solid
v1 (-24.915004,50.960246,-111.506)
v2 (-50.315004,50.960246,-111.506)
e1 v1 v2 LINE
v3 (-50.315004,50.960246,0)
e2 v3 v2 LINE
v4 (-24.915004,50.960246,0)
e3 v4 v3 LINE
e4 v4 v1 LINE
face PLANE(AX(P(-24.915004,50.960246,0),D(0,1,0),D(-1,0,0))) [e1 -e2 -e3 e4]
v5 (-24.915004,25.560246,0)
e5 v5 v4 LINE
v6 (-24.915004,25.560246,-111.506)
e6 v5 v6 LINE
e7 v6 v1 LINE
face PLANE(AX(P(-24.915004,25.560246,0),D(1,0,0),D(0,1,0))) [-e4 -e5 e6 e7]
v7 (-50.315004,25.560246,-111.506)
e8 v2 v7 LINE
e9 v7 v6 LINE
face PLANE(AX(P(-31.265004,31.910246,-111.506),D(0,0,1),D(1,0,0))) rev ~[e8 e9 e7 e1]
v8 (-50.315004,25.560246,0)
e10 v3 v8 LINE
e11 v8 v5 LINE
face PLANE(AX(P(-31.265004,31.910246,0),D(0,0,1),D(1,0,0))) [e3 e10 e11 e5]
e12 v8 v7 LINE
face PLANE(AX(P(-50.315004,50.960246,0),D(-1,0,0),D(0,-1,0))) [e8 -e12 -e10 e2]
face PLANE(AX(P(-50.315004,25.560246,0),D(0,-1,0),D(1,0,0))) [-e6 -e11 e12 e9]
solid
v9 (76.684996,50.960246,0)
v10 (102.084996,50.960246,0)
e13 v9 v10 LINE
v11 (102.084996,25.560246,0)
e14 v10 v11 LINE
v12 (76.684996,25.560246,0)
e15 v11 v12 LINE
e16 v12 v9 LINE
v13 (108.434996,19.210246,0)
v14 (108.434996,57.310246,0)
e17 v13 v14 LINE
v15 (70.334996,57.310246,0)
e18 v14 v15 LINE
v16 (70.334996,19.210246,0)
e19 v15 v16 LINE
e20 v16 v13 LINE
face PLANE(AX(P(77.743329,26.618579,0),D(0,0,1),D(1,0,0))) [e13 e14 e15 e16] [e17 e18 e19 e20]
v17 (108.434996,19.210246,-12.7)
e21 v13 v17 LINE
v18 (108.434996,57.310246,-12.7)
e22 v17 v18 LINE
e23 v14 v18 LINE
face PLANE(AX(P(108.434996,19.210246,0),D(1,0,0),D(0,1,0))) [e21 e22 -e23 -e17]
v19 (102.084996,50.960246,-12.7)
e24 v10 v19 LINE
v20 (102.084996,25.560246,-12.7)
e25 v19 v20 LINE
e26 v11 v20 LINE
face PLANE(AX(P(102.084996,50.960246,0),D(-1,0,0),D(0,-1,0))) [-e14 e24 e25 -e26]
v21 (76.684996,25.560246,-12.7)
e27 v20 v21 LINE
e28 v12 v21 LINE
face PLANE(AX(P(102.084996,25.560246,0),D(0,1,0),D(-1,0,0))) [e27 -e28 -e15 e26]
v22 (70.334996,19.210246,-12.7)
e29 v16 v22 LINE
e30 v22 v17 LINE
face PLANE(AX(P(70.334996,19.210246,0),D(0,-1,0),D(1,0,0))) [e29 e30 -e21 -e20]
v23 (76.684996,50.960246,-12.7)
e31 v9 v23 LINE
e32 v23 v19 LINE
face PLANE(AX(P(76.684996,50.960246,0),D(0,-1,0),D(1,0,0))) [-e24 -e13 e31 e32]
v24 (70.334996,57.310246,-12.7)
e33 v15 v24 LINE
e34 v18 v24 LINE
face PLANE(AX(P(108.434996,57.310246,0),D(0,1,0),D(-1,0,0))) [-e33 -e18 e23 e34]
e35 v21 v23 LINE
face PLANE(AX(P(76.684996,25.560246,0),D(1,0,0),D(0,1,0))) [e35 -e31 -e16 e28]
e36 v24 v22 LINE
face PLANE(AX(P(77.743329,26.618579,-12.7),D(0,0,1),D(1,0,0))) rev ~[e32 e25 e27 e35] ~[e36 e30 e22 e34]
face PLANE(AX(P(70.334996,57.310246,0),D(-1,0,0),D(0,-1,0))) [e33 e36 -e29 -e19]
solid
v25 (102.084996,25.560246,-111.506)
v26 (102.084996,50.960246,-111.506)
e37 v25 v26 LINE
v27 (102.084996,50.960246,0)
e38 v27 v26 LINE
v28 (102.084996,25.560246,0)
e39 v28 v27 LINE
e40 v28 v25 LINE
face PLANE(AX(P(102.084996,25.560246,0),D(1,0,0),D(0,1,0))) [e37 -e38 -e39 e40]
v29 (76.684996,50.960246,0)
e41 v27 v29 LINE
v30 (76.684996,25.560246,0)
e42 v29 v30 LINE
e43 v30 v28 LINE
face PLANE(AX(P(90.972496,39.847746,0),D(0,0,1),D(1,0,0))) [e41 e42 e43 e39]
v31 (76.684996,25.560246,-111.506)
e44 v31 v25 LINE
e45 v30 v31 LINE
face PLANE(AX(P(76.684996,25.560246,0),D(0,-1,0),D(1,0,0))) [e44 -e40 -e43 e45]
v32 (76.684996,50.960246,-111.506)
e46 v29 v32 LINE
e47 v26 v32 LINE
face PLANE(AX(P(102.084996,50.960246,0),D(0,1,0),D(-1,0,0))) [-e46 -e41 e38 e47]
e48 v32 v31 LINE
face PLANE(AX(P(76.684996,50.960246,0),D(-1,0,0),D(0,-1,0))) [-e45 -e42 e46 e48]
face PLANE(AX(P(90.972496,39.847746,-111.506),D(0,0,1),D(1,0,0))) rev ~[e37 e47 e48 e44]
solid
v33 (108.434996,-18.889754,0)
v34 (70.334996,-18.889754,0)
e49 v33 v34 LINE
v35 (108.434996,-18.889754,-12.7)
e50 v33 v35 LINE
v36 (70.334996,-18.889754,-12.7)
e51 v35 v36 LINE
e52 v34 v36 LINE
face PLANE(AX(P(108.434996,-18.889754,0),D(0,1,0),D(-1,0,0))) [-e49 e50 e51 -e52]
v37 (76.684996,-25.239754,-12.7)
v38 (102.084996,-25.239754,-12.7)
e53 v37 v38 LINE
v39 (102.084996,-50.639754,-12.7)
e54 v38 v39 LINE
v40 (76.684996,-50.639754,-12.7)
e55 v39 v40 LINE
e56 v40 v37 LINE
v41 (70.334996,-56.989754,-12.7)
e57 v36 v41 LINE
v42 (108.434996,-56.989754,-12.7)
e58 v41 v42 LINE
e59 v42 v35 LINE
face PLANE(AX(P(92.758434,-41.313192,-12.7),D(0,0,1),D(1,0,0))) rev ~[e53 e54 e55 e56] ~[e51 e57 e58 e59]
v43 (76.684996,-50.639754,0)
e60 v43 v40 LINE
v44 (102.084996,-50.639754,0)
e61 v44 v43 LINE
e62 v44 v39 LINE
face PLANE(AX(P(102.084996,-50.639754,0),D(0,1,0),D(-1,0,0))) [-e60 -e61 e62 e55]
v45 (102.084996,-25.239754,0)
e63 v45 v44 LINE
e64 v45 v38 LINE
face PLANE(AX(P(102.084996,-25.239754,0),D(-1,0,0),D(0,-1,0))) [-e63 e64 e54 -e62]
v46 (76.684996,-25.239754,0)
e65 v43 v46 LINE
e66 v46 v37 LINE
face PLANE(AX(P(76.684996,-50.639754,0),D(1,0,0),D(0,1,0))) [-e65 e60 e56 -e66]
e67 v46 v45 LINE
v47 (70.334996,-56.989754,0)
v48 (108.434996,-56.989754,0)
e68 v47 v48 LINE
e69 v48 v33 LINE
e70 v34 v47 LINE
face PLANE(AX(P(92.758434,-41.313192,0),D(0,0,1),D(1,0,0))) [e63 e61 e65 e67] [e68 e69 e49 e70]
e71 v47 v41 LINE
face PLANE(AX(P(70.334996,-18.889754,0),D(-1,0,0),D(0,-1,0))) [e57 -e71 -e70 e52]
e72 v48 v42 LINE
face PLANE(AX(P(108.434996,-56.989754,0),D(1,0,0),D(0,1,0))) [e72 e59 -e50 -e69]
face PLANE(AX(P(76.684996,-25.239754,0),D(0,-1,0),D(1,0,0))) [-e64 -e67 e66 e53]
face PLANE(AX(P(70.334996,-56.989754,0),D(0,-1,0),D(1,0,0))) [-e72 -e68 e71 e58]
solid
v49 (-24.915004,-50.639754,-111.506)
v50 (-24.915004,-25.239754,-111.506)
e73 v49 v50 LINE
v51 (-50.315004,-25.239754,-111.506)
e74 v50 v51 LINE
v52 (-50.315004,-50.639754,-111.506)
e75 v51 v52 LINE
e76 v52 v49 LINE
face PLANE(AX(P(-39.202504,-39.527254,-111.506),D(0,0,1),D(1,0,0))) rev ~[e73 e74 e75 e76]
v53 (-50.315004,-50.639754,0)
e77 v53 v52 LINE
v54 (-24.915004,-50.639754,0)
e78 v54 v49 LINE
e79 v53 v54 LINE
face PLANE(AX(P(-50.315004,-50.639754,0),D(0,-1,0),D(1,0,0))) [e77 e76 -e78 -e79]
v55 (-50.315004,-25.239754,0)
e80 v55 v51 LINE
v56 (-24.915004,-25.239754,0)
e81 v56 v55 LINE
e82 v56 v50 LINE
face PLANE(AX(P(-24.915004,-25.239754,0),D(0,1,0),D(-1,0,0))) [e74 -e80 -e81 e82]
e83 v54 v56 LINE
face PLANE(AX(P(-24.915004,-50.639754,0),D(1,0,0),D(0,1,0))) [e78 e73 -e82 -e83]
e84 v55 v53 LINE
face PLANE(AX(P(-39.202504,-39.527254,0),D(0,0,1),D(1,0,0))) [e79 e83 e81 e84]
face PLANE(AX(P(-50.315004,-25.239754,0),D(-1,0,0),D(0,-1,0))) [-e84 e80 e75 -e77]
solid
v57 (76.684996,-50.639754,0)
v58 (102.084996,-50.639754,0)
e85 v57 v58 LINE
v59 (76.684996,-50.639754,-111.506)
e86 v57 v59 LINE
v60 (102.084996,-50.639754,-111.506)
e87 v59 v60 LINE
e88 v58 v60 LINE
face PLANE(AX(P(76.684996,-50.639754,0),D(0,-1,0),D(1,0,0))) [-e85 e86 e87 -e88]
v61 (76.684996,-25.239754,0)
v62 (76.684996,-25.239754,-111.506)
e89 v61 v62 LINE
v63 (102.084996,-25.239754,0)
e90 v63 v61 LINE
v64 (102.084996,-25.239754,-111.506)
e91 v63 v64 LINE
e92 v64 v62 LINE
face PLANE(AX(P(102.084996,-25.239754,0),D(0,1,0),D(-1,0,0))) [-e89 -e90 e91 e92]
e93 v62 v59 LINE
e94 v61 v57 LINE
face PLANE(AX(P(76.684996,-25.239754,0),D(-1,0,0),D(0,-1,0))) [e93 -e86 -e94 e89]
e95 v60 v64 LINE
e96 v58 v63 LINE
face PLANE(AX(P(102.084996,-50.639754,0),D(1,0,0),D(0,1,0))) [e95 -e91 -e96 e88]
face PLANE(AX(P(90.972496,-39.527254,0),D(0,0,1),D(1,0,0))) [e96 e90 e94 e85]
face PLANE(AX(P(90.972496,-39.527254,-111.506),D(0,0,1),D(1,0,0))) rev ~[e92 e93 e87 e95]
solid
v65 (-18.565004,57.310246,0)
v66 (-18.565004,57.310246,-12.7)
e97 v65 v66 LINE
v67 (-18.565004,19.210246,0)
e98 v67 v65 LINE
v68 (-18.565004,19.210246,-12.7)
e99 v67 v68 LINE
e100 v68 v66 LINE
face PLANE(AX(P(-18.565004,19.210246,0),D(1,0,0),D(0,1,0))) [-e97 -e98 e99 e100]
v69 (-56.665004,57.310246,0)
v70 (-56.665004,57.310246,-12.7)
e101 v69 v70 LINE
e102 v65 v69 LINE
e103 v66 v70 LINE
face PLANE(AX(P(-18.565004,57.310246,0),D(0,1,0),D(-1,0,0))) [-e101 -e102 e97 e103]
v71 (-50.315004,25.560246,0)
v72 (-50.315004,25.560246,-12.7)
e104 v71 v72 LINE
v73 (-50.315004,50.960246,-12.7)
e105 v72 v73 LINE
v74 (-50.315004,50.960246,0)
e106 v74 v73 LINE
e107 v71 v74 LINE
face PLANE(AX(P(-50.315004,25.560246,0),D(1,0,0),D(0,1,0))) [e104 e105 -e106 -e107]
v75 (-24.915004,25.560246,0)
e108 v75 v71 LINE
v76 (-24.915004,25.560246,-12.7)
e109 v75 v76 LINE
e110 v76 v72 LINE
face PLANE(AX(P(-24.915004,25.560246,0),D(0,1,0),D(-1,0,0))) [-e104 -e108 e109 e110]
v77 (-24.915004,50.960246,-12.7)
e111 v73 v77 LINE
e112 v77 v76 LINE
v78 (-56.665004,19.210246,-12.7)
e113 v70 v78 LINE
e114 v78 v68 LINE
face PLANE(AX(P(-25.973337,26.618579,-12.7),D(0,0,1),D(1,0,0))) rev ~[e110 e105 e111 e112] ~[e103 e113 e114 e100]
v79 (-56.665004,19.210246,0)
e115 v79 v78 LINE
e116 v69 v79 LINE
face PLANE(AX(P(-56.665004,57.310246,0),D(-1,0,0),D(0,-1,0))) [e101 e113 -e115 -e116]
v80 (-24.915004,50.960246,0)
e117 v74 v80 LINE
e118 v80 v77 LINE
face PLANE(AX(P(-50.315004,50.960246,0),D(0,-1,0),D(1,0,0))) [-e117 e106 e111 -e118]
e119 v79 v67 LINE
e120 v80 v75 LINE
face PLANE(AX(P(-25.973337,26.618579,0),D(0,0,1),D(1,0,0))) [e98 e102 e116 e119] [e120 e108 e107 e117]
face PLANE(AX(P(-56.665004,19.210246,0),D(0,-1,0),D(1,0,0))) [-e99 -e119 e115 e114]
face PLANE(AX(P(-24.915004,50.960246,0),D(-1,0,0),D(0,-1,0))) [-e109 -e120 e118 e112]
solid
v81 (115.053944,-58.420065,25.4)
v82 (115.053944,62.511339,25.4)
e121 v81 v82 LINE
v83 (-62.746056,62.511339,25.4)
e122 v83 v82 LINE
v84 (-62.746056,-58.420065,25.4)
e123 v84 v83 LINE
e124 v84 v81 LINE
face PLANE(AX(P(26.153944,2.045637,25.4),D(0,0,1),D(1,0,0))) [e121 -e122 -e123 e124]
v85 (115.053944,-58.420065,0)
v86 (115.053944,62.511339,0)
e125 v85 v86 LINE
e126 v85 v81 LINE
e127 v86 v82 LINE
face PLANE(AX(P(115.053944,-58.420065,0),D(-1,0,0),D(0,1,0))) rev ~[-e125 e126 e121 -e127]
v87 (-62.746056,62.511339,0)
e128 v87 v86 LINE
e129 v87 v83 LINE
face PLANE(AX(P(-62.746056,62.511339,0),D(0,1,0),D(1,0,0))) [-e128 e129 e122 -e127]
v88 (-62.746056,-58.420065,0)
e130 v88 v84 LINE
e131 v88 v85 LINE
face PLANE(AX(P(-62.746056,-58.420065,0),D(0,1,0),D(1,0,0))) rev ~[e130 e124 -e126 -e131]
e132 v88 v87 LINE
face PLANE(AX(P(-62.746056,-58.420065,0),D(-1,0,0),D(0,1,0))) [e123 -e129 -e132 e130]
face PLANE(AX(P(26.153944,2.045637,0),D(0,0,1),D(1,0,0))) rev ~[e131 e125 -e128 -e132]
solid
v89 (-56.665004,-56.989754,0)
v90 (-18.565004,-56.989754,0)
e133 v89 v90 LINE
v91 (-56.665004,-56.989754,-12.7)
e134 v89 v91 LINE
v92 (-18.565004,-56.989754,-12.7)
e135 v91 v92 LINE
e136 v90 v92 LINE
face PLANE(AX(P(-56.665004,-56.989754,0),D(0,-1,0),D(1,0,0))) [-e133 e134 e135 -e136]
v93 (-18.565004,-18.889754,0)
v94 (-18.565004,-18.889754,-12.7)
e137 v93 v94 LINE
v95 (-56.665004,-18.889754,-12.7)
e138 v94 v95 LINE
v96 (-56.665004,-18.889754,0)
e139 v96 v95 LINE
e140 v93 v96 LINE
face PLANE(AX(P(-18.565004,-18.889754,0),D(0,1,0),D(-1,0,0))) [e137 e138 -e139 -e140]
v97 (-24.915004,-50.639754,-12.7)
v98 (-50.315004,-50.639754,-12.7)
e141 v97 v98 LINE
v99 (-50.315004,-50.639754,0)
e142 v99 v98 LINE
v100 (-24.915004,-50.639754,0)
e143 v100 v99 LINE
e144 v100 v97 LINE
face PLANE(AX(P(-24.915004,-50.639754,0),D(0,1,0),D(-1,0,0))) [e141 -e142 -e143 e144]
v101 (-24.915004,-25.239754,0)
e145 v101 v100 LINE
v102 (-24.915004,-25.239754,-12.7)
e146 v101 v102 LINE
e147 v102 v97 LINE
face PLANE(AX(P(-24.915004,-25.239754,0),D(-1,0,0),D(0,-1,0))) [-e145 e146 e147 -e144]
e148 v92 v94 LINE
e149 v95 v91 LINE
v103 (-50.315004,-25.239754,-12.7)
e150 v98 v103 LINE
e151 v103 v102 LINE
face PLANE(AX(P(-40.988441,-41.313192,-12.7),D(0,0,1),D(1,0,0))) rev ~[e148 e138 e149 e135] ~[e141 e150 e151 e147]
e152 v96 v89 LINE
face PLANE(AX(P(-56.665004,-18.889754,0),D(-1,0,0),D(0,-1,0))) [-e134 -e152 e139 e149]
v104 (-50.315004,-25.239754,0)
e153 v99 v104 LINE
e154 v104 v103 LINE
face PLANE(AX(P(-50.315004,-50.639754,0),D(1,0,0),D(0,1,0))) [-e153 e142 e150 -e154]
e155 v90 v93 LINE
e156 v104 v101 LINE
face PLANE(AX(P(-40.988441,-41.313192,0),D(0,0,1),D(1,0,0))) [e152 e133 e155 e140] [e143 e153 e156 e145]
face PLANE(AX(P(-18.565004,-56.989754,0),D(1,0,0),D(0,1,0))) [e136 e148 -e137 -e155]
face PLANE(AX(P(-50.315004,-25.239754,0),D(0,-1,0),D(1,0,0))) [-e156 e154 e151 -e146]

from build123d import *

# Parameters (mm, degrees)
F0_W     = 12.7
F0_H     = 12.7
F1_DEPTH = 111.506
F2_W     = 177.8
F2_H     = 120.9314045732
F3_DEPTH = 25.4
F4_DEPTH = 12.7


with BuildPart() as f1:
    # F0 (on Top) → F1 (new body)
    with BuildSketch(Plane.XY):
        Polygon((76.6849960148, 50.960245767), (76.6849960148, 38.260245767), (89.3849960148, 38.260245767), (89.3849960148, 25.560245767), (102.0849960148, 25.560245767), (102.0849960148, 50.960245767), align=None)
        with Locations((83.0349960148, 31.910245767)):
            Rectangle(F0_W, F0_H)
    extrude(amount=-F1_DEPTH)


with BuildPart() as f1b:
    # F0 (on Top) → F1, piece 2 (new body)
    with BuildSketch(Plane.XY):
        Polygon((-37.6150039852, -37.939754233), (-37.6150039852, -25.239754233), (-50.3150039852, -25.239754233), (-50.3150039852, -50.639754233), (-24.9150039852, -50.639754233), (-24.9150039852, -37.939754233), align=None)
        with Locations((-31.2650039852, -31.589754233)):
            Rectangle(F0_W, F0_H)
    extrude(amount=-F1_DEPTH)


with BuildPart() as f1c:
    # F0 (on Top) → F1, piece 3 (new body)
    with BuildSketch(Plane.XY):
        Polygon((102.0849960148, -25.239754233), (89.3849960148, -25.239754233), (89.3849960148, -37.939754233), (76.6849960148, -37.939754233), (76.6849960148, -50.639754233), (102.0849960148, -50.639754233), align=None)
        with Locations((83.0349960148, -31.589754233)):
            Rectangle(F0_W, F0_H)
    extrude(amount=-F1_DEPTH)


with BuildPart() as f1d:
    # F0 (on Top) → F1, piece 4 (new body)
    with BuildSketch(Plane.XY):
        with Locations((-31.2650039852, 31.910245767)):
            Rectangle(F0_W, F0_H)
        Polygon((-24.9150039852, 38.260245767), (-24.9150039852, 50.960245767), (-50.3150039852, 50.960245767), (-50.3150039852, 25.560245767), (-37.6150039852, 25.560245767), (-37.6150039852, 38.260245767), align=None)
    extrude(amount=-F1_DEPTH)


with BuildPart() as f3:
    # F2 (on Top) → F3 (new body)
    with BuildSketch(Plane.XY):
        with Locations((26.1539444327, 2.0456369966)):
            Rectangle(F2_W, F2_H)
    extrude(amount=F3_DEPTH)


with BuildPart() as f4:
    # F0 (on Top) → F4 (new body)
    with BuildSketch(Plane.XY):
        Polygon((-37.6150039852, -25.239754233), (-37.6150039852, -18.889754233), (-56.6650039852, -18.889754233), (-56.6650039852, -56.989754233), (-18.5650039852, -56.989754233), (-18.5650039852, -37.939754233), (-24.9150039852, -37.939754233), (-24.9150039852, -50.639754233), (-50.3150039852, -50.639754233), (-50.3150039852, -25.239754233), align=None)
        Polygon((-18.5650039852, -18.889754233), (-37.6150039852, -18.889754233), (-37.6150039852, -25.239754233), (-24.9150039852, -25.239754233), (-24.9150039852, -37.939754233), (-18.5650039852, -37.939754233), align=None)
    extrude(amount=-F4_DEPTH)


with BuildPart() as f4b:
    # F0 (on Top) → F4, piece 2 (new body)
    with BuildSketch(Plane.XY):
        Polygon((108.4349960148, -18.889754233), (89.3849960148, -18.889754233), (89.3849960148, -25.239754233), (102.0849960148, -25.239754233), (102.0849960148, -50.639754233), (76.6849960148, -50.639754233), (76.6849960148, -37.939754233), (70.3349960148, -37.939754233), (70.3349960148, -56.989754233), (108.4349960148, -56.989754233), align=None)
        Polygon((89.3849960148, -25.239754233), (89.3849960148, -18.889754233), (70.3349960148, -18.889754233), (70.3349960148, -37.939754233), (76.6849960148, -37.939754233), (76.6849960148, -25.239754233), align=None)
    extrude(amount=-F4_DEPTH)


with BuildPart() as f4c:
    # F0 (on Top) → F4, piece 3 (new body)
    with BuildSketch(Plane.XY):
        Polygon((76.6849960148, 38.260245767), (70.3349960148, 38.260245767), (70.3349960148, 19.210245767), (89.3849960148, 19.210245767), (89.3849960148, 25.560245767), (76.6849960148, 25.560245767), align=None)
        Polygon((70.3349960148, 57.310245767), (70.3349960148, 38.260245767), (76.6849960148, 38.260245767), (76.6849960148, 50.960245767), (102.0849960148, 50.960245767), (102.0849960148, 25.560245767), (89.3849960148, 25.560245767), (89.3849960148, 19.210245767), (108.4349960148, 19.210245767), (108.4349960148, 57.310245767), align=None)
    extrude(amount=-F4_DEPTH)


with BuildPart() as f4d:
    # F0 (on Top) → F4, piece 4 (new body)
    with BuildSketch(Plane.XY):
        Polygon((-18.5650039852, 38.260245767), (-24.9150039852, 38.260245767), (-24.9150039852, 25.560245767), (-37.6150039852, 25.560245767), (-37.6150039852, 19.210245767), (-18.5650039852, 19.210245767), align=None)
        Polygon((-50.3150039852, 50.960245767), (-24.9150039852, 50.960245767), (-24.9150039852, 38.260245767), (-18.5650039852, 38.260245767), (-18.5650039852, 57.310245767), (-56.6650039852, 57.310245767), (-56.6650039852, 19.210245767), (-37.6150039852, 19.210245767), (-37.6150039852, 25.560245767), (-50.3150039852, 25.560245767), align=None)
    extrude(amount=-F4_DEPTH)


solid = Compound([f1.part, f1b.part, f1c.part, f1d.part, f3.part, f4.part, f4b.part, f4c.part, f4d.part])
